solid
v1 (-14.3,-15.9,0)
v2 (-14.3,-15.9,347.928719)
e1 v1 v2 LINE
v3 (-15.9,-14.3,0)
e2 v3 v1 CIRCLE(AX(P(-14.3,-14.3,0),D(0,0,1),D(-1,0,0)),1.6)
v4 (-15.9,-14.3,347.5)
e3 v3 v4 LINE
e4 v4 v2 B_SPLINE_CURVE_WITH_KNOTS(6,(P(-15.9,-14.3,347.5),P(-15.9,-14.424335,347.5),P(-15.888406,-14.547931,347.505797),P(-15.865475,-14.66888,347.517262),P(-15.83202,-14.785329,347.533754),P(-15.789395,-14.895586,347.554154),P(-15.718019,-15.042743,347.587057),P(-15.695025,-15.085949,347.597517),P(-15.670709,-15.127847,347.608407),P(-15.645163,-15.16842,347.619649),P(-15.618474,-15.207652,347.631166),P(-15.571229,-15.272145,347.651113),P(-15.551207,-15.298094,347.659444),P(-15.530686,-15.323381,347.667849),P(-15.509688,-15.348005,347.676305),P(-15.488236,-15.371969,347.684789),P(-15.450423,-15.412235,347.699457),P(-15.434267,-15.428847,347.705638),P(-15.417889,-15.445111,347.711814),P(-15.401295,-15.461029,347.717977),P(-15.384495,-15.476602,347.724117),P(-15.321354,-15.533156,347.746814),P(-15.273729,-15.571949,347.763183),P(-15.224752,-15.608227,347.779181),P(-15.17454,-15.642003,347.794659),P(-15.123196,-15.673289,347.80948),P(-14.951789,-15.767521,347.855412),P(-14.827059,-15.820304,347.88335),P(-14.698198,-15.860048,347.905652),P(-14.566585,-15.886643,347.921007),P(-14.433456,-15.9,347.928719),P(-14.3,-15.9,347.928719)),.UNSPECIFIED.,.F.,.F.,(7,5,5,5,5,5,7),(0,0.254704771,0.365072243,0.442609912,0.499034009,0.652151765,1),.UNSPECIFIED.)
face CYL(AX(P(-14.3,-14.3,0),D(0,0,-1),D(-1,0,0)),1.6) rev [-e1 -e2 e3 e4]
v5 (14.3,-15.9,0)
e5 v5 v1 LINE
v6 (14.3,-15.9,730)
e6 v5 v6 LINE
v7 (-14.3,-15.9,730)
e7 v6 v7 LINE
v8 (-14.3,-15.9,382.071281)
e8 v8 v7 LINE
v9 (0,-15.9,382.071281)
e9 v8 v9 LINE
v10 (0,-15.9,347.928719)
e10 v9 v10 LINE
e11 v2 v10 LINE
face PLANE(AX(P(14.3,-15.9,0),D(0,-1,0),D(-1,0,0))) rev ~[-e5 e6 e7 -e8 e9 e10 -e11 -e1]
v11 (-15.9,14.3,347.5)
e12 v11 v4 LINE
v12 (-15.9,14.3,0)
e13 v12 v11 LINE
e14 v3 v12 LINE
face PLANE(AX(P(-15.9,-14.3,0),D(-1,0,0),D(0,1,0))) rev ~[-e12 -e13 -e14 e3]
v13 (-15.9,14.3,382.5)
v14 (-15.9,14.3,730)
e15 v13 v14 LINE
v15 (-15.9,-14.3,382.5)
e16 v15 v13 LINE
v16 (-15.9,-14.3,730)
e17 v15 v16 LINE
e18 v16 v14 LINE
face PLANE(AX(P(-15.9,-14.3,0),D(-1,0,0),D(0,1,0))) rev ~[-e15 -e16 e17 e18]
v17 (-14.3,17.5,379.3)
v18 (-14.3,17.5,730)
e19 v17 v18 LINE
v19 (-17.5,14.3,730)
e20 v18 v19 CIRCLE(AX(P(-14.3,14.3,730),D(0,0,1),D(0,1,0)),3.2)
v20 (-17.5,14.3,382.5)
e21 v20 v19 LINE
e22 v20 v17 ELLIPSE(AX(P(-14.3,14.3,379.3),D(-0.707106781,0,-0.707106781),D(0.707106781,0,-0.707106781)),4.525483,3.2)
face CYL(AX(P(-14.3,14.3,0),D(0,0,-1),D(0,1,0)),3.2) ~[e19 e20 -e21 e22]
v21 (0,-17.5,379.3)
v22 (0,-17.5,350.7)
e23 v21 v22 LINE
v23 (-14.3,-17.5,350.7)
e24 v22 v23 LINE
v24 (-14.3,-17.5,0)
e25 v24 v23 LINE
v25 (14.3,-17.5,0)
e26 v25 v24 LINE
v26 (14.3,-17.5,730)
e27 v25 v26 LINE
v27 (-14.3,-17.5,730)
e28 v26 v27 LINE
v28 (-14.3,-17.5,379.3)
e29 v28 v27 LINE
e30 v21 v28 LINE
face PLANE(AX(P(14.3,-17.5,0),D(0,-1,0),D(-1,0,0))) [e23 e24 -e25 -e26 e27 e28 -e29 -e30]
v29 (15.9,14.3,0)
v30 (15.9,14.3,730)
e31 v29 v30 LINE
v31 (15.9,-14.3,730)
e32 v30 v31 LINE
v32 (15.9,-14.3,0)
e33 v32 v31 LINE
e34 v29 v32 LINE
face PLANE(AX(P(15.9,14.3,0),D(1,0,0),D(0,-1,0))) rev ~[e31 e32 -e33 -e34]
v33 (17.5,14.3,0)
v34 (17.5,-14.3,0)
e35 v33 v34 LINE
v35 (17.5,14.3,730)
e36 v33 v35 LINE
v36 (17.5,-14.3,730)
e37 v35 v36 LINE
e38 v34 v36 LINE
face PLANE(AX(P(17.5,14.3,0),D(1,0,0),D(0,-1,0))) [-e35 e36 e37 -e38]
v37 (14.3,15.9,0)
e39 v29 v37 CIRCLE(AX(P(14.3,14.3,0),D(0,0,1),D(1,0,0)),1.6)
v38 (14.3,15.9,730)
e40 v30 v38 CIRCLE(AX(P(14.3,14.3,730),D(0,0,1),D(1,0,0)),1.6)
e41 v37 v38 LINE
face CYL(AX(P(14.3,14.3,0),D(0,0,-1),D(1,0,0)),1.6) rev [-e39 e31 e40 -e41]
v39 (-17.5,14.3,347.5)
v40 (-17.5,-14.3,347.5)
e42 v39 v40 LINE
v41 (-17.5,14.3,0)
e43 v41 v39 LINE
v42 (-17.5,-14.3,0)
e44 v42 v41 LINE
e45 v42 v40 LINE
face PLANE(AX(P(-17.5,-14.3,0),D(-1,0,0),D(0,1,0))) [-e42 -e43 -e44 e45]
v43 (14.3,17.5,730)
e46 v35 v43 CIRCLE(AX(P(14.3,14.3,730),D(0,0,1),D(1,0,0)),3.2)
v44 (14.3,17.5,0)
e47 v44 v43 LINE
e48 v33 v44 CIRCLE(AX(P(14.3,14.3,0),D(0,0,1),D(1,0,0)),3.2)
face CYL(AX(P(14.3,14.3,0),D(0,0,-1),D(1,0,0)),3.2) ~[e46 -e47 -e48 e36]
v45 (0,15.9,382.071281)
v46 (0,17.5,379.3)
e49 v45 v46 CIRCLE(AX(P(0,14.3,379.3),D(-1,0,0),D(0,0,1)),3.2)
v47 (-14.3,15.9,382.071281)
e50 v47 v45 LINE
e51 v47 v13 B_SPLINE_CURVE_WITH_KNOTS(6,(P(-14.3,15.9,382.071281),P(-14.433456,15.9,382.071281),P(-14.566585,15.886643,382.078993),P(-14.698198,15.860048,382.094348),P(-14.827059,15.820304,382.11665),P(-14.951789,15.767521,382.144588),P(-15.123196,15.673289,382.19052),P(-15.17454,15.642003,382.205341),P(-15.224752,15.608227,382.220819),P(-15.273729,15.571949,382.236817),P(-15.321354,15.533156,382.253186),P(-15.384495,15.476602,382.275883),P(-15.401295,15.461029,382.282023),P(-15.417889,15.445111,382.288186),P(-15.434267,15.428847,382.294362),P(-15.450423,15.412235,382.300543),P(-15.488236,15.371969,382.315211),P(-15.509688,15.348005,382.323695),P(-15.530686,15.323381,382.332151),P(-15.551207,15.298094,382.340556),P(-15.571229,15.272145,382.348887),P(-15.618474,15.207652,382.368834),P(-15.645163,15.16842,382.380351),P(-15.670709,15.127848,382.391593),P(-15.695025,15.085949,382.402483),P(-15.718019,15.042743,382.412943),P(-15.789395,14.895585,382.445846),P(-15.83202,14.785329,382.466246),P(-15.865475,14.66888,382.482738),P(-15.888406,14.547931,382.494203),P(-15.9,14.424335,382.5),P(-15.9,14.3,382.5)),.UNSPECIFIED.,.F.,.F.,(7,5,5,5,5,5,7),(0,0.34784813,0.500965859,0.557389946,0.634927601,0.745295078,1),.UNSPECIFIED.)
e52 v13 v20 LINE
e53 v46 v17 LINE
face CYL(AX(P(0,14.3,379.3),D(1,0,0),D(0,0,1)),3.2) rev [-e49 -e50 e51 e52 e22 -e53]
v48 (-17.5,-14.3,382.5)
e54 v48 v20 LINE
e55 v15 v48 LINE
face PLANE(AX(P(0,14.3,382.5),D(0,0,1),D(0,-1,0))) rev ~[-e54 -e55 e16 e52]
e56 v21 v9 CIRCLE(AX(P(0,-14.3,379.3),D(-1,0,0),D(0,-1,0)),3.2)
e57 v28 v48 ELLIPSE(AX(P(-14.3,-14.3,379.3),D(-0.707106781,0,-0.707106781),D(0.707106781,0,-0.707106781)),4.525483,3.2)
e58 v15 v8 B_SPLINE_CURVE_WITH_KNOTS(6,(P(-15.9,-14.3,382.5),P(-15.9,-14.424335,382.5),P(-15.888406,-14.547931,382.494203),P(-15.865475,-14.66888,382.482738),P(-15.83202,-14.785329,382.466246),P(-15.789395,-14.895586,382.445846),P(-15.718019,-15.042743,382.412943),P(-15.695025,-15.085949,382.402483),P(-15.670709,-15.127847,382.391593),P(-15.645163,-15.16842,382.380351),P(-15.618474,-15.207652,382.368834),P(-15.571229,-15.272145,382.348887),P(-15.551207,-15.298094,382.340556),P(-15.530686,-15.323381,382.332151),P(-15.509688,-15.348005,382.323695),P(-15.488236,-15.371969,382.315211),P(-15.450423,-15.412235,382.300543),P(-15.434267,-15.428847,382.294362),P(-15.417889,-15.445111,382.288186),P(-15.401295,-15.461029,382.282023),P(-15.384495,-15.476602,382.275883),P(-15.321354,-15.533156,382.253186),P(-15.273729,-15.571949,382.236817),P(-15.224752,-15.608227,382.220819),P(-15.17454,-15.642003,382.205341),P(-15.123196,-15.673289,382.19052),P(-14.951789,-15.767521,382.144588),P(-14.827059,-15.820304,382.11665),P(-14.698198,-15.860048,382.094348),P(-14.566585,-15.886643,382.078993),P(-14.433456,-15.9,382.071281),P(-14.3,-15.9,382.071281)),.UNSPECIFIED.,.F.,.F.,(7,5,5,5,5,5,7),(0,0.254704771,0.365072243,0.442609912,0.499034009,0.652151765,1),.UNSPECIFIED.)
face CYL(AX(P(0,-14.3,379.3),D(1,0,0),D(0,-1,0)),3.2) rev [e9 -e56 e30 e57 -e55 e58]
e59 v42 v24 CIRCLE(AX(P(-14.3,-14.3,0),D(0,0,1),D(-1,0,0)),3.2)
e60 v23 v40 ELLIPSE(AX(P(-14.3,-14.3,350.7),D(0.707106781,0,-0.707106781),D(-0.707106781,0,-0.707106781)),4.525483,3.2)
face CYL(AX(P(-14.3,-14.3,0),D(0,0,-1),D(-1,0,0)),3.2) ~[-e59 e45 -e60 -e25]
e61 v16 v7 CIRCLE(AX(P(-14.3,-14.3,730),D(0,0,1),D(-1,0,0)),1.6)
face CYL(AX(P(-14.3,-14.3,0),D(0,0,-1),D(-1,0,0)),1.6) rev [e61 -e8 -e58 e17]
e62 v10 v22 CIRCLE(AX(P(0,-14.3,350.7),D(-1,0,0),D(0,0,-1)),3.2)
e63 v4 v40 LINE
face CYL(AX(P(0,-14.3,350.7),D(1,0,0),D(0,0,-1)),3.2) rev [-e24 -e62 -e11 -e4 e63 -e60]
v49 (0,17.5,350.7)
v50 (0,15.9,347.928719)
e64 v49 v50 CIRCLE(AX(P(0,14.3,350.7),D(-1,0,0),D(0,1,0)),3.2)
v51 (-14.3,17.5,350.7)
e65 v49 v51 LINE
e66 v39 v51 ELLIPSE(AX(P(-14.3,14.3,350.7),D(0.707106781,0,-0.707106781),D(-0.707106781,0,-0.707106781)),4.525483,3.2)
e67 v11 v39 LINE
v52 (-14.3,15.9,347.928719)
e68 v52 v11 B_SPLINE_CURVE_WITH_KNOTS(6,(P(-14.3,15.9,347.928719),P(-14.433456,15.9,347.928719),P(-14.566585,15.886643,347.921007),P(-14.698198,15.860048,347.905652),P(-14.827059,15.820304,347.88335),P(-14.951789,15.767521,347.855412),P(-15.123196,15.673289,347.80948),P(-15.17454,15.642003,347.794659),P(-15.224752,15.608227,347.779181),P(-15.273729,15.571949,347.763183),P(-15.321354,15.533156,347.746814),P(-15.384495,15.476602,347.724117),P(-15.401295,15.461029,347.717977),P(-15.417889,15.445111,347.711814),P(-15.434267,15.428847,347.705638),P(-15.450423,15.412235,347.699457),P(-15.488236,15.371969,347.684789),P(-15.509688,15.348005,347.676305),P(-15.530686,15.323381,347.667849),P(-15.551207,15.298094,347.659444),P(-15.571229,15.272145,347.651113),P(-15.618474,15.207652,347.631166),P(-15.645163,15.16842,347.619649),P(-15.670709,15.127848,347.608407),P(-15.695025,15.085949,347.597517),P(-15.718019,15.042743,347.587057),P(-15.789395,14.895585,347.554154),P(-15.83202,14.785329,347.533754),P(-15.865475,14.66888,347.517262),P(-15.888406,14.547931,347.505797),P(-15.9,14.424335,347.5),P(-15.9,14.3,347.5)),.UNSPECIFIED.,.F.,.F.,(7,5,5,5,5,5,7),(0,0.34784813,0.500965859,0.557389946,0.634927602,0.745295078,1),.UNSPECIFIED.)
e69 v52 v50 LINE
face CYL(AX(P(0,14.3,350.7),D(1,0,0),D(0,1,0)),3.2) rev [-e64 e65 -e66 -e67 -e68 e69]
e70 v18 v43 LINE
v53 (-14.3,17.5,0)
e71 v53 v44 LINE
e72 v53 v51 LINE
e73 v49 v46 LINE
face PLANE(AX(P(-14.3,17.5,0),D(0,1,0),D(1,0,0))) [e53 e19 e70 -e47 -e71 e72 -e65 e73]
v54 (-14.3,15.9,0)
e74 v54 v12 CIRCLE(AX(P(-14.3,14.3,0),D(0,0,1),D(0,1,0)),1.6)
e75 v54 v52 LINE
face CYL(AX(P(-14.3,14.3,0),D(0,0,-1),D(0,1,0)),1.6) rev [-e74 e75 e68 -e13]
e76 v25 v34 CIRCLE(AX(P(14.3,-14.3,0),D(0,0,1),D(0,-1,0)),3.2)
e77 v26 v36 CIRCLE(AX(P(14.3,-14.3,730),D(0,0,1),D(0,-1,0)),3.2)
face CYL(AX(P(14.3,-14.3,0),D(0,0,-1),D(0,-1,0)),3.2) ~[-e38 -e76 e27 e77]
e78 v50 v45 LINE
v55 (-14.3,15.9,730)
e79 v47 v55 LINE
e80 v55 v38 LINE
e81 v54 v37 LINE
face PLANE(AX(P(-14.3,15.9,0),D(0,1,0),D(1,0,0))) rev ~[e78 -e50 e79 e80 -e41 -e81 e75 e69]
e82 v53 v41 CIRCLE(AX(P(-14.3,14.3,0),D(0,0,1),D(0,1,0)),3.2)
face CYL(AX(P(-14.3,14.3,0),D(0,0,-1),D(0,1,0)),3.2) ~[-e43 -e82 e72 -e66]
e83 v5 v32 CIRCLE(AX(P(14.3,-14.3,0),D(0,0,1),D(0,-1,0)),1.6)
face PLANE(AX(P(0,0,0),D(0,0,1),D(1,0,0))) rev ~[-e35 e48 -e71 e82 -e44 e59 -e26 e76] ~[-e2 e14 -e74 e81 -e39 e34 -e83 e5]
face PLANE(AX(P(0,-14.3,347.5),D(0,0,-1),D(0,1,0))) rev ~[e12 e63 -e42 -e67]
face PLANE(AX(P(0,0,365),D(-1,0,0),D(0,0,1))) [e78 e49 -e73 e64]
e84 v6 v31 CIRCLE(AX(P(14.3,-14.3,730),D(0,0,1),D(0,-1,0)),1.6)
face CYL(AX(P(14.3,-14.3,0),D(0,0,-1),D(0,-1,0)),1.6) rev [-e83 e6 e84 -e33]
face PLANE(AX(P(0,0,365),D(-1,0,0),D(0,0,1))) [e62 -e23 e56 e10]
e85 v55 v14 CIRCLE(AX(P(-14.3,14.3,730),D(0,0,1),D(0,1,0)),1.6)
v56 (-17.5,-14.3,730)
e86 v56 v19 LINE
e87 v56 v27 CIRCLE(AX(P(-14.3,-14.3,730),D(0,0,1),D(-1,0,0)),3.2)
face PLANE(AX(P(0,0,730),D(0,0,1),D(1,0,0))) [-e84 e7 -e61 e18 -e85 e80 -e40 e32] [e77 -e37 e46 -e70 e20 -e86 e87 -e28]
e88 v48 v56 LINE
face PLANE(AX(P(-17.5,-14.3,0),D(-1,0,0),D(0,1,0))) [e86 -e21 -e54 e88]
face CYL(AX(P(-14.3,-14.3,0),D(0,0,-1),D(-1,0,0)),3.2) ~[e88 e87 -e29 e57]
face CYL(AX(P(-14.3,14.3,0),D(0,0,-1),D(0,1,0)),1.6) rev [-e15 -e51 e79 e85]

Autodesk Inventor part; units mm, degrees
ref_plane "Start plane" through (0, 0, 0) normal (0, 0, 1) x (1, 0, 0)
ref_plane "End plane" through (0, 0, 730) normal (0, 0, 1) x (1, 0, 0)
sketch "Sketch" plane through (0, 0, 0) normal (0, 0, 1) x (1, 0, 0)
  line L0 (-17.5, -14.3) -> (-17.5, 14.3)
  line L1 (-14.3, 17.5) -> (14.3, 17.5)
  line L2 (17.5, 14.3) -> (17.5, -14.3)
  line L3 (14.3, -17.5) -> (-14.3, -17.5)
  arc A0 (-17.5, -14.3) -> (-14.3, -17.5) centre (-14.3, -14.3) ccw
  arc A1 (-14.3, 17.5) -> (-17.5, 14.3) centre (-14.3, 14.3) ccw
  arc A2 (17.5, 14.3) -> (14.3, 17.5) centre (14.3, 14.3) ccw
  arc A3 (14.3, -17.5) -> (17.5, -14.3) centre (14.3, -14.3) ccw
  arc A4 (-14.3, 15.9) -> (-15.9, 14.3) centre (-14.3, 14.3) ccw
  line L4 (-14.3, 15.9) -> (14.3, 15.9)
  arc A5 (15.9, 14.3) -> (14.3, 15.9) centre (14.3, 14.3) ccw
  line L5 (15.9, 14.3) -> (15.9, -14.3)
  arc A6 (14.3, -15.9) -> (15.9, -14.3) centre (14.3, -14.3) ccw
  line L6 (14.3, -15.9) -> (-14.3, -15.9)
  arc A7 (-15.9, -14.3) -> (-14.3, -15.9) centre (-14.3, -14.3) ccw
  line L7 (-15.9, -14.3) -> (-15.9, 14.3)
  line L8 (0, 25.4278) -> (0, -25.4278) construction
  line L9 (-25.4278, 0) -> (25.4278, 0) construction
  dimension "d7" = 3.2
  dimension "d10" = 35
  dimension "d11" = 35
  dimension "d12" = 1.6
  dimension "d15" = 17.5
  dimension "d16" = 17.5
extrude "Body" add sketch "Sketch" along normal up to surface (730 mm away) from surface at 0
sketch "Sketch3" plane through (0, 0, 0) normal (0, 0, 1) x (1, 0, 0)
  line L0 (0, 0) -> (10, 0)
ref_plane "Work Plane3" through (0, 0, 0) normal (0, -1, 0) x (1, 0, 0)
sketch "Sketch4" plane through (0, 0, 0) normal (0, -1, 0) x (1, 0, 0)
  line L0 (-2, 0) -> (12, 0)
  line L1 (-2, 730) -> (12, 730)
  dimension "d18" = 730
ref_plane "Work Plane4" through (0, 0, 365) normal (-1, 0, 0) x (0, 0, 1)
ref_plane "Work Plane5" through (-430, 0, 365) normal (-1, 0, 0) x (0, 0, 1)
ref_plane "Work Plane6" through (-215, 0, 365) normal (-1, 0, 0) x (0, 0, 1)
sketch "Sketch5" plane through (-215, 0, 365) normal (-1, 0, 0) x (0, 0, 1)
  arc A0 (-17.5, -14.3) -> (-14.3, -17.5) centre (-14.3, -14.3) ccw
  line L0 (-17.5, -14.3) -> (-17.5, 14.3)
  arc A1 (-14.3, 17.5) -> (-17.5, 14.3) centre (-14.3, 14.3) ccw
  line L1 (-14.3, 17.5) -> (14.3, 17.5)
  arc A2 (17.5, 14.3) -> (14.3, 17.5) centre (14.3, 14.3) ccw
  line L2 (17.5, 14.3) -> (17.5, -14.3)
  arc A3 (14.3, -17.5) -> (17.5, -14.3) centre (14.3, -14.3) ccw
  line L3 (14.3, -17.5) -> (-14.3, -17.5)
  arc A4 (-14.3, 15.9) -> (-15.9, 14.3) centre (-14.3, 14.3) ccw
  line L4 (-14.3, 15.9) -> (14.3, 15.9)
  arc A5 (15.9, 14.3) -> (14.3, 15.9) centre (14.3, 14.3) ccw
  line L5 (15.9, 14.3) -> (15.9, -14.3)
  arc A6 (14.3, -15.9) -> (15.9, -14.3) centre (14.3, -14.3) ccw
  line L6 (14.3, -15.9) -> (-14.3, -15.9)
  arc A7 (-15.9, -14.3) -> (-14.3, -15.9) centre (-14.3, -14.3) ccw
  line L7 (-15.9, -14.3) -> (-15.9, 14.3)
extrude "Extrusion2" cut sketch "Sketch5" along normal up to surface (430 mm away) from surface at -215 contours L0 A1 L1 A2 L2 A3 L3 A0 | L4 A5 L5 A6 L6 A7 L7 A4
equation "\"d7\" = G_IR"
equation "\"d10\" = G_H"
equation "\"d11\" = G_W"
equation "\"d12\" = G_T"
equation "\"d15\" = 0.5 * d10"
equation "\"d16\" = 0.5 * d11"
equation "\"d3\" = G_L"
equation "\"G_W\" = 35"
equation "\"G_H\" = 35"
equation "\"G_T\" = 1.6"
equation "\"G_IR\" = 3.2"
equation "\"G_L\" = d18"
equation "\"G_OFFSET_START\" = 0"
equation "\"G_OFFSET_END\" = 0"
properties part number "AS 1163 - C350L0 35x35x1.6 SHS - 730" material "Steel, Mild"
